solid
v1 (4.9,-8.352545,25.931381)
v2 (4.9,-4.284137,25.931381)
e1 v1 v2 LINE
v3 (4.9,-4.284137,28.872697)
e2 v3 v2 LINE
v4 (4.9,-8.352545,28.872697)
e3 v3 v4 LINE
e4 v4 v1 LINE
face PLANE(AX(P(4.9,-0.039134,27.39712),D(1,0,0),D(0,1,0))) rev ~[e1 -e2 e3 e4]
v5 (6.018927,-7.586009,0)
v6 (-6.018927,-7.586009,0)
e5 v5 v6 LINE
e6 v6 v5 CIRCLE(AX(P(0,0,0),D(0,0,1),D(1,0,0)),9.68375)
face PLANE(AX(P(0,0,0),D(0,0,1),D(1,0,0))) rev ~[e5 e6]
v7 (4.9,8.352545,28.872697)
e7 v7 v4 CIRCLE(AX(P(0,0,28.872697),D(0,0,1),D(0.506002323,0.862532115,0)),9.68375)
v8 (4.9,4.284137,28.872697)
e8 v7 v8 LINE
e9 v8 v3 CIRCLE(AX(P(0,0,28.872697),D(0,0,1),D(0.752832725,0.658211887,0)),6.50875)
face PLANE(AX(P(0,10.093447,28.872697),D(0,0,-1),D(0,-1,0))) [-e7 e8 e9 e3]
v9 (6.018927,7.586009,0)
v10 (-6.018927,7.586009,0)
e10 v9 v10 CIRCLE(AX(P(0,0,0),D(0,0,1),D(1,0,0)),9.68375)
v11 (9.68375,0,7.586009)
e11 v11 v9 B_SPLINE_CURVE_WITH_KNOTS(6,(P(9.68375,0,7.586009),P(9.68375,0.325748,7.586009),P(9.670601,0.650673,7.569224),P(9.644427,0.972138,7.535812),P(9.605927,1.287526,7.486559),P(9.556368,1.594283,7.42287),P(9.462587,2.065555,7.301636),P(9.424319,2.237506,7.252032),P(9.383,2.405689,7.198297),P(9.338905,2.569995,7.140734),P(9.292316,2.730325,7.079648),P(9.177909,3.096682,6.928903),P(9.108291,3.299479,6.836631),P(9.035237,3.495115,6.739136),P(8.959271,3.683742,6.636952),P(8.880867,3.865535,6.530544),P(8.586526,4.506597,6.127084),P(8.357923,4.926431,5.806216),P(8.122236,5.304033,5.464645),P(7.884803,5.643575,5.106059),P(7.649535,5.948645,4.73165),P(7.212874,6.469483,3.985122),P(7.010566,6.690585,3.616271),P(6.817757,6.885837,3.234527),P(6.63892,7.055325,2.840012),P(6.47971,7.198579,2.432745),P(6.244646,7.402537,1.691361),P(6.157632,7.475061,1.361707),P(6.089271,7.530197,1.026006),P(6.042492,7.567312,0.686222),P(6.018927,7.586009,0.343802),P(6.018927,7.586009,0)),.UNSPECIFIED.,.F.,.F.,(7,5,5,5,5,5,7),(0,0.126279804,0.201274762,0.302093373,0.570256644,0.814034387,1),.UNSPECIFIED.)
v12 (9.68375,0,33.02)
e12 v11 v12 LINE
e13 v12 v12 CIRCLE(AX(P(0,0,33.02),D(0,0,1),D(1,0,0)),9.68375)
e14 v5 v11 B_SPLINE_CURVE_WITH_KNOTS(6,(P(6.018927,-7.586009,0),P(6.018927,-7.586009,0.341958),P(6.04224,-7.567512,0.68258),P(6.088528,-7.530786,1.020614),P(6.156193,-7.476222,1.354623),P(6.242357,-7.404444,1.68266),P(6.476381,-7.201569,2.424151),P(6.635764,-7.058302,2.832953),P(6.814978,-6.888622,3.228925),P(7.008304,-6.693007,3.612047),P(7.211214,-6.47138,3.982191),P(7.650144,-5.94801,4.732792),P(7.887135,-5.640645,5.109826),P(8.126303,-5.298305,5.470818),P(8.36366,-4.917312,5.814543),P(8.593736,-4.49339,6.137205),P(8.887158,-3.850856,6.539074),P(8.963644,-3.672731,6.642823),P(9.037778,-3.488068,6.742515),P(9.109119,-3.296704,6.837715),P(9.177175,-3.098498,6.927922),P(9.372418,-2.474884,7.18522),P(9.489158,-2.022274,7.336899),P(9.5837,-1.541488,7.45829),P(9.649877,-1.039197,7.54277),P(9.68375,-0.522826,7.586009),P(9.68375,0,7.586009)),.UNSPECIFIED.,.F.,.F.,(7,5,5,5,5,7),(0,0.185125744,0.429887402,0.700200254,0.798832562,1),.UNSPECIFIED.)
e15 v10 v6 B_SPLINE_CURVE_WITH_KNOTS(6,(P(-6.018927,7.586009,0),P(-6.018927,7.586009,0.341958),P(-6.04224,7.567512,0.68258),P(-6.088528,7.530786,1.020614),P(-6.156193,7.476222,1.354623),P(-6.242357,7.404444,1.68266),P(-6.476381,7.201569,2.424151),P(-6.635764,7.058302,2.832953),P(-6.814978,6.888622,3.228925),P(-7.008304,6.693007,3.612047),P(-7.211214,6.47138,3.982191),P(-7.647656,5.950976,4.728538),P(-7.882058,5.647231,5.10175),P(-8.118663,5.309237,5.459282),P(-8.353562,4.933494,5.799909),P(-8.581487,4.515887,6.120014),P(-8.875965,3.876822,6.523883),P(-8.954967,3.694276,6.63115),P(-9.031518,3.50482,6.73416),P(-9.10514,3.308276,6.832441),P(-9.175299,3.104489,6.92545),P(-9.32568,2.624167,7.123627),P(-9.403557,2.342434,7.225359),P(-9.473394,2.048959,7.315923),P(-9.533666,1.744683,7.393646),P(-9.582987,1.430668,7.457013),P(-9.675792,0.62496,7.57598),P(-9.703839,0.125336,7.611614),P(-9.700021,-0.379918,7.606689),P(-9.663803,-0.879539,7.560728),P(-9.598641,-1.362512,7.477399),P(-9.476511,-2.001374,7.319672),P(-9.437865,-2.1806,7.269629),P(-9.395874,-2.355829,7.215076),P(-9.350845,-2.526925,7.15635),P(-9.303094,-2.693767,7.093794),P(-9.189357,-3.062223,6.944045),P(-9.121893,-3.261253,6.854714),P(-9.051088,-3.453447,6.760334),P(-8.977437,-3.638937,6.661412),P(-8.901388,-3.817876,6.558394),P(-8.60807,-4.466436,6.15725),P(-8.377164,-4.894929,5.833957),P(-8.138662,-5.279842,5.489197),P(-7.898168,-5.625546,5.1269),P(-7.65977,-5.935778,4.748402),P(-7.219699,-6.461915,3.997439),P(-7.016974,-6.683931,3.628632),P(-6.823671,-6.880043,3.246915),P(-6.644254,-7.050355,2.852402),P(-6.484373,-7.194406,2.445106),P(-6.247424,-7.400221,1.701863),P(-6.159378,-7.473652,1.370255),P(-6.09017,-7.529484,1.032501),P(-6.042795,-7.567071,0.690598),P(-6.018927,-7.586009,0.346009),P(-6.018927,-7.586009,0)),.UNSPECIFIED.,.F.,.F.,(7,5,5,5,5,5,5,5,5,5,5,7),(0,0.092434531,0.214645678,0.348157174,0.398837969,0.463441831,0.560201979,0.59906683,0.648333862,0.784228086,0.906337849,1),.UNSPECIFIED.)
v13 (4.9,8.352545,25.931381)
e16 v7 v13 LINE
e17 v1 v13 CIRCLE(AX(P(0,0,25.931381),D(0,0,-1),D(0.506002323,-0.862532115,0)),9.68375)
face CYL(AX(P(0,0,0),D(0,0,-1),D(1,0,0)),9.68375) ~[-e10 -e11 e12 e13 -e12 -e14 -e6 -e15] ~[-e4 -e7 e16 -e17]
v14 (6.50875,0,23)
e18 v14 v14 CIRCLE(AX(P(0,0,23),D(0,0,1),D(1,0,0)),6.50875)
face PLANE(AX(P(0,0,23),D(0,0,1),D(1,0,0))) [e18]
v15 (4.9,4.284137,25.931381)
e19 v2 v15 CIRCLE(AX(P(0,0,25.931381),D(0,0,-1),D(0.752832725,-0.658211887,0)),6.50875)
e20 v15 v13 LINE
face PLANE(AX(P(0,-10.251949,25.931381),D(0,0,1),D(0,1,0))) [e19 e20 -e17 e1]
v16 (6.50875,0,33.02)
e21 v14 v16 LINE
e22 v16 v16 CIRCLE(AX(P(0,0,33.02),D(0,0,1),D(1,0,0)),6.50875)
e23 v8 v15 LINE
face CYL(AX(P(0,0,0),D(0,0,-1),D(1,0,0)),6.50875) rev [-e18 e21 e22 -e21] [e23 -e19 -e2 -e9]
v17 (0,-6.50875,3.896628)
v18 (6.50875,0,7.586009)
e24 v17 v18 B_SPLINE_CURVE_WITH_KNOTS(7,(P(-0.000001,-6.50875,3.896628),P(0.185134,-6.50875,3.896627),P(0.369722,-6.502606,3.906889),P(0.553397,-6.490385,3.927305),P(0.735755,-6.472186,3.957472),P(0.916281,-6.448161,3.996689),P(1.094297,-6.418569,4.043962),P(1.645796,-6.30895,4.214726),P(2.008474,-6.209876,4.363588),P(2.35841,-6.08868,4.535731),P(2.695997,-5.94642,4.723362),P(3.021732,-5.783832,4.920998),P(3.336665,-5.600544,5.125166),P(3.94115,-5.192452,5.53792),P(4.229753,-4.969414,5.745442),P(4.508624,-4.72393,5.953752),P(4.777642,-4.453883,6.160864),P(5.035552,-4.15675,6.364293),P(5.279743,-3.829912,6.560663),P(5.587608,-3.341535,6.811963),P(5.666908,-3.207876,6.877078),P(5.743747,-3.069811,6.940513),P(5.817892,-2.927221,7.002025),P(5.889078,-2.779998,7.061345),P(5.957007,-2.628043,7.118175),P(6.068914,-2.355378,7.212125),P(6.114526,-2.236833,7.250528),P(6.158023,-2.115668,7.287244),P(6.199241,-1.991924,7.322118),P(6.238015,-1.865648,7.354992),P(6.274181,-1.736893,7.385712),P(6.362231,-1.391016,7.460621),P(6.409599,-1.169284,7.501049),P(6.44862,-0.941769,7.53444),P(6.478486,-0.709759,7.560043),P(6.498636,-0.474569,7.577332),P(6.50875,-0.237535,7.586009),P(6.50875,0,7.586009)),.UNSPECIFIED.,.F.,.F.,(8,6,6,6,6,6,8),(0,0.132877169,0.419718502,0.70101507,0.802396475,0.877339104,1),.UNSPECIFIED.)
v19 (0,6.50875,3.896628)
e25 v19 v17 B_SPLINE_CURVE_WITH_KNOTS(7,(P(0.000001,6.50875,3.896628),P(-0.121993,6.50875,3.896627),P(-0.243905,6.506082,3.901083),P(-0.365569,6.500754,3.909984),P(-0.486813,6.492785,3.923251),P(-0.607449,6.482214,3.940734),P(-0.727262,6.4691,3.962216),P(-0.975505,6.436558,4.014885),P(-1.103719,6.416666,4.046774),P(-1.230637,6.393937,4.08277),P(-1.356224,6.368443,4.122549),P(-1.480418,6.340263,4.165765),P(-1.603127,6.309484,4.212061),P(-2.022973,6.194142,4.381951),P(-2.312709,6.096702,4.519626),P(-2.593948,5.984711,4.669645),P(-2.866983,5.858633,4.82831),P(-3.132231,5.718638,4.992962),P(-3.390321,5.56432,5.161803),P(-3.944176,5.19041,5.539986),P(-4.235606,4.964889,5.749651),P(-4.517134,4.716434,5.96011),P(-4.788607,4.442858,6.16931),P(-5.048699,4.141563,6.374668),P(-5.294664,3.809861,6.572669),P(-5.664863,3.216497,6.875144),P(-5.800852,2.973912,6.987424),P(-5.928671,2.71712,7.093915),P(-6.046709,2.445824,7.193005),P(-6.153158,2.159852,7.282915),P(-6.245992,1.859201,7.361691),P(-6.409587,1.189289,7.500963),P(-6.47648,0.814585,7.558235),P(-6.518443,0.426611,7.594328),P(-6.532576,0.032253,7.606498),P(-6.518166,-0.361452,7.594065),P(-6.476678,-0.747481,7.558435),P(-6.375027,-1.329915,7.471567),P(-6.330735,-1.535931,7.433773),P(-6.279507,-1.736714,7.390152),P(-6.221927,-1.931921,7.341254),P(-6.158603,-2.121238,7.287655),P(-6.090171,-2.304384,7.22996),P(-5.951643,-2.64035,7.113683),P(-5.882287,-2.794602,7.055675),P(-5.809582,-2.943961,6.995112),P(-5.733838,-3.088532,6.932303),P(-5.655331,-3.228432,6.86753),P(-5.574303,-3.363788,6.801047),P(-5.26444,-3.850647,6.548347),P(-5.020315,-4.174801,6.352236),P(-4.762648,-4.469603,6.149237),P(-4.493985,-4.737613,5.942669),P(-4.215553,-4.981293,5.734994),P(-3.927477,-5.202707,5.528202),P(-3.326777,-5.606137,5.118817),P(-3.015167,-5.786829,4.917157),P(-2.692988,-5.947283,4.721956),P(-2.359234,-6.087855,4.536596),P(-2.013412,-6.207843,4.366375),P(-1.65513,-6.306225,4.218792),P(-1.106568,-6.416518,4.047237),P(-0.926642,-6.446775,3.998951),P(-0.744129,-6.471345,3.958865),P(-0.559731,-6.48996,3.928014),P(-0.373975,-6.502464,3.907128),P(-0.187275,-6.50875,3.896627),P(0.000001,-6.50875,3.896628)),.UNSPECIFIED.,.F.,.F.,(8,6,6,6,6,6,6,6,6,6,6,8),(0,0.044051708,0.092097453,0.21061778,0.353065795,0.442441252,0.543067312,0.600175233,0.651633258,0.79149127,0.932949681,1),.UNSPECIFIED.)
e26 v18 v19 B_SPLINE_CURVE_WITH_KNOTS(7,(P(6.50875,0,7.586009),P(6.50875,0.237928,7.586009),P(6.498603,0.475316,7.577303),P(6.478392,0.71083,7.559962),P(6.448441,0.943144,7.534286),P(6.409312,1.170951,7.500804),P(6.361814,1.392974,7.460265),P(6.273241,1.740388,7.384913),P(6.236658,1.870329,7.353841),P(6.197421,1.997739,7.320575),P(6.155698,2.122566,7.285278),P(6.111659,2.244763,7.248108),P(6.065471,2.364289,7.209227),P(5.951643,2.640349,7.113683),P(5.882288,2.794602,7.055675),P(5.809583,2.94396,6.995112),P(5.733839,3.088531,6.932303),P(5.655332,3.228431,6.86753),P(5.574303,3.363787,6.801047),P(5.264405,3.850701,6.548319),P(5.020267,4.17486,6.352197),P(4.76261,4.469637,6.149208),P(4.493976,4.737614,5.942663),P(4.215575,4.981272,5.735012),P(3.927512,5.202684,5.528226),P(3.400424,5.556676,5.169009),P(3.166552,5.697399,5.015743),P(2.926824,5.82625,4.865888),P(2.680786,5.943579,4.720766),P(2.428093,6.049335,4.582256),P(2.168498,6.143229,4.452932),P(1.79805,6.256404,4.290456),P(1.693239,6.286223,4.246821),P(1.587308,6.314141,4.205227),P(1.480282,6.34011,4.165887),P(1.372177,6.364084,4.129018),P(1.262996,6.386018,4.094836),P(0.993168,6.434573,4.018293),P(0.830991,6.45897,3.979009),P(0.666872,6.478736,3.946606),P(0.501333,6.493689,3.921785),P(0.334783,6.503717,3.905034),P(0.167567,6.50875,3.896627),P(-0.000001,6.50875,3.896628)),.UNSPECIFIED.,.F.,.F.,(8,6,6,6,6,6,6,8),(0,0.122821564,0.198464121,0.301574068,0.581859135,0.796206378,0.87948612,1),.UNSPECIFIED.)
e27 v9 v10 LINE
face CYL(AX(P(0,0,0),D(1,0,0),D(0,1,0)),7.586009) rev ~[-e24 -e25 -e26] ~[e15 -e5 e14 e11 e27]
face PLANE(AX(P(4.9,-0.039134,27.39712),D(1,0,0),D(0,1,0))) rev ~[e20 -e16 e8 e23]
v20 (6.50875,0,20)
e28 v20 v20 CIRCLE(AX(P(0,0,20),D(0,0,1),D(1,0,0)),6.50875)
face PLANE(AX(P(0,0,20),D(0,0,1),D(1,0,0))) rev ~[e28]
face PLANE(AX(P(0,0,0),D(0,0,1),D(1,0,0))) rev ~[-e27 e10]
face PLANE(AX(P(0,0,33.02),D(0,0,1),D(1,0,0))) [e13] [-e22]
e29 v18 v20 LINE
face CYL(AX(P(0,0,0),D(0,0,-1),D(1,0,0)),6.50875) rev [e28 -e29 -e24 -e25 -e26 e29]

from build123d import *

# Parameters (mm, degrees)
F0_R      = 9.68375
F0_R_2    = 6.50875
F1_DEPTH  = 33.02
F3_DEPTH  = 25
F4_DEPTH  = 54.6
F6_R      = 6.50875
F7_DEPTH  = 3
F9_DEPTH  = 25
F10_DEPTH = 4.9


with BuildPart() as f1:
    # F0 (on Top) → F1 (new body)
    with BuildSketch(Plane.XY):
        Circle(F0_R)
        Circle(F0_R_2, mode=Mode.SUBTRACT)
    extrude(amount=F1_DEPTH)

    # F2 (on Right) → F3 (cut)
    with BuildSketch(Plane.YZ):
        with BuildLine():
            ThreePointArc((7.586009, 0), (0, 7.586009), (-7.586009, 0))
            Line((-7.586009, 0), (7.586009, 0))
        make_face()
    extrude(amount=-F3_DEPTH, mode=Mode.SUBTRACT)

    # F2 (on Right) → F4 (cut)
    with BuildSketch(Plane.YZ):
        with BuildLine():
            ThreePointArc((7.586009, 0), (0, 7.586009), (-7.586009, 0))
            Line((-7.586009, 0), (7.586009, 0))
        make_face()
    extrude(amount=F4_DEPTH, mode=Mode.SUBTRACT)

    # F6 (on offset) → F7 (join)
    with BuildSketch(Plane.XY.offset(20)):
        Circle(F6_R)
    extrude(amount=F7_DEPTH)

    # F8 (on Right) → F9 (cut)
    with BuildSketch(Plane.YZ):
        Polygon((10.249765, 25.931381), (10.093447, 28.872697), (-10.251949, 28.872697), (-10.251949, 25.931381), align=None)
    extrude(amount=-F9_DEPTH, mode=Mode.SUBTRACT)

    # F8 (on Right) → F10 (cut)
    with BuildSketch(Plane.YZ):
        Polygon((10.249765, 25.931381), (10.093447, 28.872697), (-10.251949, 28.872697), (-10.251949, 25.931381), align=None)
    extrude(amount=F10_DEPTH, mode=Mode.SUBTRACT)


solid = f1.part
